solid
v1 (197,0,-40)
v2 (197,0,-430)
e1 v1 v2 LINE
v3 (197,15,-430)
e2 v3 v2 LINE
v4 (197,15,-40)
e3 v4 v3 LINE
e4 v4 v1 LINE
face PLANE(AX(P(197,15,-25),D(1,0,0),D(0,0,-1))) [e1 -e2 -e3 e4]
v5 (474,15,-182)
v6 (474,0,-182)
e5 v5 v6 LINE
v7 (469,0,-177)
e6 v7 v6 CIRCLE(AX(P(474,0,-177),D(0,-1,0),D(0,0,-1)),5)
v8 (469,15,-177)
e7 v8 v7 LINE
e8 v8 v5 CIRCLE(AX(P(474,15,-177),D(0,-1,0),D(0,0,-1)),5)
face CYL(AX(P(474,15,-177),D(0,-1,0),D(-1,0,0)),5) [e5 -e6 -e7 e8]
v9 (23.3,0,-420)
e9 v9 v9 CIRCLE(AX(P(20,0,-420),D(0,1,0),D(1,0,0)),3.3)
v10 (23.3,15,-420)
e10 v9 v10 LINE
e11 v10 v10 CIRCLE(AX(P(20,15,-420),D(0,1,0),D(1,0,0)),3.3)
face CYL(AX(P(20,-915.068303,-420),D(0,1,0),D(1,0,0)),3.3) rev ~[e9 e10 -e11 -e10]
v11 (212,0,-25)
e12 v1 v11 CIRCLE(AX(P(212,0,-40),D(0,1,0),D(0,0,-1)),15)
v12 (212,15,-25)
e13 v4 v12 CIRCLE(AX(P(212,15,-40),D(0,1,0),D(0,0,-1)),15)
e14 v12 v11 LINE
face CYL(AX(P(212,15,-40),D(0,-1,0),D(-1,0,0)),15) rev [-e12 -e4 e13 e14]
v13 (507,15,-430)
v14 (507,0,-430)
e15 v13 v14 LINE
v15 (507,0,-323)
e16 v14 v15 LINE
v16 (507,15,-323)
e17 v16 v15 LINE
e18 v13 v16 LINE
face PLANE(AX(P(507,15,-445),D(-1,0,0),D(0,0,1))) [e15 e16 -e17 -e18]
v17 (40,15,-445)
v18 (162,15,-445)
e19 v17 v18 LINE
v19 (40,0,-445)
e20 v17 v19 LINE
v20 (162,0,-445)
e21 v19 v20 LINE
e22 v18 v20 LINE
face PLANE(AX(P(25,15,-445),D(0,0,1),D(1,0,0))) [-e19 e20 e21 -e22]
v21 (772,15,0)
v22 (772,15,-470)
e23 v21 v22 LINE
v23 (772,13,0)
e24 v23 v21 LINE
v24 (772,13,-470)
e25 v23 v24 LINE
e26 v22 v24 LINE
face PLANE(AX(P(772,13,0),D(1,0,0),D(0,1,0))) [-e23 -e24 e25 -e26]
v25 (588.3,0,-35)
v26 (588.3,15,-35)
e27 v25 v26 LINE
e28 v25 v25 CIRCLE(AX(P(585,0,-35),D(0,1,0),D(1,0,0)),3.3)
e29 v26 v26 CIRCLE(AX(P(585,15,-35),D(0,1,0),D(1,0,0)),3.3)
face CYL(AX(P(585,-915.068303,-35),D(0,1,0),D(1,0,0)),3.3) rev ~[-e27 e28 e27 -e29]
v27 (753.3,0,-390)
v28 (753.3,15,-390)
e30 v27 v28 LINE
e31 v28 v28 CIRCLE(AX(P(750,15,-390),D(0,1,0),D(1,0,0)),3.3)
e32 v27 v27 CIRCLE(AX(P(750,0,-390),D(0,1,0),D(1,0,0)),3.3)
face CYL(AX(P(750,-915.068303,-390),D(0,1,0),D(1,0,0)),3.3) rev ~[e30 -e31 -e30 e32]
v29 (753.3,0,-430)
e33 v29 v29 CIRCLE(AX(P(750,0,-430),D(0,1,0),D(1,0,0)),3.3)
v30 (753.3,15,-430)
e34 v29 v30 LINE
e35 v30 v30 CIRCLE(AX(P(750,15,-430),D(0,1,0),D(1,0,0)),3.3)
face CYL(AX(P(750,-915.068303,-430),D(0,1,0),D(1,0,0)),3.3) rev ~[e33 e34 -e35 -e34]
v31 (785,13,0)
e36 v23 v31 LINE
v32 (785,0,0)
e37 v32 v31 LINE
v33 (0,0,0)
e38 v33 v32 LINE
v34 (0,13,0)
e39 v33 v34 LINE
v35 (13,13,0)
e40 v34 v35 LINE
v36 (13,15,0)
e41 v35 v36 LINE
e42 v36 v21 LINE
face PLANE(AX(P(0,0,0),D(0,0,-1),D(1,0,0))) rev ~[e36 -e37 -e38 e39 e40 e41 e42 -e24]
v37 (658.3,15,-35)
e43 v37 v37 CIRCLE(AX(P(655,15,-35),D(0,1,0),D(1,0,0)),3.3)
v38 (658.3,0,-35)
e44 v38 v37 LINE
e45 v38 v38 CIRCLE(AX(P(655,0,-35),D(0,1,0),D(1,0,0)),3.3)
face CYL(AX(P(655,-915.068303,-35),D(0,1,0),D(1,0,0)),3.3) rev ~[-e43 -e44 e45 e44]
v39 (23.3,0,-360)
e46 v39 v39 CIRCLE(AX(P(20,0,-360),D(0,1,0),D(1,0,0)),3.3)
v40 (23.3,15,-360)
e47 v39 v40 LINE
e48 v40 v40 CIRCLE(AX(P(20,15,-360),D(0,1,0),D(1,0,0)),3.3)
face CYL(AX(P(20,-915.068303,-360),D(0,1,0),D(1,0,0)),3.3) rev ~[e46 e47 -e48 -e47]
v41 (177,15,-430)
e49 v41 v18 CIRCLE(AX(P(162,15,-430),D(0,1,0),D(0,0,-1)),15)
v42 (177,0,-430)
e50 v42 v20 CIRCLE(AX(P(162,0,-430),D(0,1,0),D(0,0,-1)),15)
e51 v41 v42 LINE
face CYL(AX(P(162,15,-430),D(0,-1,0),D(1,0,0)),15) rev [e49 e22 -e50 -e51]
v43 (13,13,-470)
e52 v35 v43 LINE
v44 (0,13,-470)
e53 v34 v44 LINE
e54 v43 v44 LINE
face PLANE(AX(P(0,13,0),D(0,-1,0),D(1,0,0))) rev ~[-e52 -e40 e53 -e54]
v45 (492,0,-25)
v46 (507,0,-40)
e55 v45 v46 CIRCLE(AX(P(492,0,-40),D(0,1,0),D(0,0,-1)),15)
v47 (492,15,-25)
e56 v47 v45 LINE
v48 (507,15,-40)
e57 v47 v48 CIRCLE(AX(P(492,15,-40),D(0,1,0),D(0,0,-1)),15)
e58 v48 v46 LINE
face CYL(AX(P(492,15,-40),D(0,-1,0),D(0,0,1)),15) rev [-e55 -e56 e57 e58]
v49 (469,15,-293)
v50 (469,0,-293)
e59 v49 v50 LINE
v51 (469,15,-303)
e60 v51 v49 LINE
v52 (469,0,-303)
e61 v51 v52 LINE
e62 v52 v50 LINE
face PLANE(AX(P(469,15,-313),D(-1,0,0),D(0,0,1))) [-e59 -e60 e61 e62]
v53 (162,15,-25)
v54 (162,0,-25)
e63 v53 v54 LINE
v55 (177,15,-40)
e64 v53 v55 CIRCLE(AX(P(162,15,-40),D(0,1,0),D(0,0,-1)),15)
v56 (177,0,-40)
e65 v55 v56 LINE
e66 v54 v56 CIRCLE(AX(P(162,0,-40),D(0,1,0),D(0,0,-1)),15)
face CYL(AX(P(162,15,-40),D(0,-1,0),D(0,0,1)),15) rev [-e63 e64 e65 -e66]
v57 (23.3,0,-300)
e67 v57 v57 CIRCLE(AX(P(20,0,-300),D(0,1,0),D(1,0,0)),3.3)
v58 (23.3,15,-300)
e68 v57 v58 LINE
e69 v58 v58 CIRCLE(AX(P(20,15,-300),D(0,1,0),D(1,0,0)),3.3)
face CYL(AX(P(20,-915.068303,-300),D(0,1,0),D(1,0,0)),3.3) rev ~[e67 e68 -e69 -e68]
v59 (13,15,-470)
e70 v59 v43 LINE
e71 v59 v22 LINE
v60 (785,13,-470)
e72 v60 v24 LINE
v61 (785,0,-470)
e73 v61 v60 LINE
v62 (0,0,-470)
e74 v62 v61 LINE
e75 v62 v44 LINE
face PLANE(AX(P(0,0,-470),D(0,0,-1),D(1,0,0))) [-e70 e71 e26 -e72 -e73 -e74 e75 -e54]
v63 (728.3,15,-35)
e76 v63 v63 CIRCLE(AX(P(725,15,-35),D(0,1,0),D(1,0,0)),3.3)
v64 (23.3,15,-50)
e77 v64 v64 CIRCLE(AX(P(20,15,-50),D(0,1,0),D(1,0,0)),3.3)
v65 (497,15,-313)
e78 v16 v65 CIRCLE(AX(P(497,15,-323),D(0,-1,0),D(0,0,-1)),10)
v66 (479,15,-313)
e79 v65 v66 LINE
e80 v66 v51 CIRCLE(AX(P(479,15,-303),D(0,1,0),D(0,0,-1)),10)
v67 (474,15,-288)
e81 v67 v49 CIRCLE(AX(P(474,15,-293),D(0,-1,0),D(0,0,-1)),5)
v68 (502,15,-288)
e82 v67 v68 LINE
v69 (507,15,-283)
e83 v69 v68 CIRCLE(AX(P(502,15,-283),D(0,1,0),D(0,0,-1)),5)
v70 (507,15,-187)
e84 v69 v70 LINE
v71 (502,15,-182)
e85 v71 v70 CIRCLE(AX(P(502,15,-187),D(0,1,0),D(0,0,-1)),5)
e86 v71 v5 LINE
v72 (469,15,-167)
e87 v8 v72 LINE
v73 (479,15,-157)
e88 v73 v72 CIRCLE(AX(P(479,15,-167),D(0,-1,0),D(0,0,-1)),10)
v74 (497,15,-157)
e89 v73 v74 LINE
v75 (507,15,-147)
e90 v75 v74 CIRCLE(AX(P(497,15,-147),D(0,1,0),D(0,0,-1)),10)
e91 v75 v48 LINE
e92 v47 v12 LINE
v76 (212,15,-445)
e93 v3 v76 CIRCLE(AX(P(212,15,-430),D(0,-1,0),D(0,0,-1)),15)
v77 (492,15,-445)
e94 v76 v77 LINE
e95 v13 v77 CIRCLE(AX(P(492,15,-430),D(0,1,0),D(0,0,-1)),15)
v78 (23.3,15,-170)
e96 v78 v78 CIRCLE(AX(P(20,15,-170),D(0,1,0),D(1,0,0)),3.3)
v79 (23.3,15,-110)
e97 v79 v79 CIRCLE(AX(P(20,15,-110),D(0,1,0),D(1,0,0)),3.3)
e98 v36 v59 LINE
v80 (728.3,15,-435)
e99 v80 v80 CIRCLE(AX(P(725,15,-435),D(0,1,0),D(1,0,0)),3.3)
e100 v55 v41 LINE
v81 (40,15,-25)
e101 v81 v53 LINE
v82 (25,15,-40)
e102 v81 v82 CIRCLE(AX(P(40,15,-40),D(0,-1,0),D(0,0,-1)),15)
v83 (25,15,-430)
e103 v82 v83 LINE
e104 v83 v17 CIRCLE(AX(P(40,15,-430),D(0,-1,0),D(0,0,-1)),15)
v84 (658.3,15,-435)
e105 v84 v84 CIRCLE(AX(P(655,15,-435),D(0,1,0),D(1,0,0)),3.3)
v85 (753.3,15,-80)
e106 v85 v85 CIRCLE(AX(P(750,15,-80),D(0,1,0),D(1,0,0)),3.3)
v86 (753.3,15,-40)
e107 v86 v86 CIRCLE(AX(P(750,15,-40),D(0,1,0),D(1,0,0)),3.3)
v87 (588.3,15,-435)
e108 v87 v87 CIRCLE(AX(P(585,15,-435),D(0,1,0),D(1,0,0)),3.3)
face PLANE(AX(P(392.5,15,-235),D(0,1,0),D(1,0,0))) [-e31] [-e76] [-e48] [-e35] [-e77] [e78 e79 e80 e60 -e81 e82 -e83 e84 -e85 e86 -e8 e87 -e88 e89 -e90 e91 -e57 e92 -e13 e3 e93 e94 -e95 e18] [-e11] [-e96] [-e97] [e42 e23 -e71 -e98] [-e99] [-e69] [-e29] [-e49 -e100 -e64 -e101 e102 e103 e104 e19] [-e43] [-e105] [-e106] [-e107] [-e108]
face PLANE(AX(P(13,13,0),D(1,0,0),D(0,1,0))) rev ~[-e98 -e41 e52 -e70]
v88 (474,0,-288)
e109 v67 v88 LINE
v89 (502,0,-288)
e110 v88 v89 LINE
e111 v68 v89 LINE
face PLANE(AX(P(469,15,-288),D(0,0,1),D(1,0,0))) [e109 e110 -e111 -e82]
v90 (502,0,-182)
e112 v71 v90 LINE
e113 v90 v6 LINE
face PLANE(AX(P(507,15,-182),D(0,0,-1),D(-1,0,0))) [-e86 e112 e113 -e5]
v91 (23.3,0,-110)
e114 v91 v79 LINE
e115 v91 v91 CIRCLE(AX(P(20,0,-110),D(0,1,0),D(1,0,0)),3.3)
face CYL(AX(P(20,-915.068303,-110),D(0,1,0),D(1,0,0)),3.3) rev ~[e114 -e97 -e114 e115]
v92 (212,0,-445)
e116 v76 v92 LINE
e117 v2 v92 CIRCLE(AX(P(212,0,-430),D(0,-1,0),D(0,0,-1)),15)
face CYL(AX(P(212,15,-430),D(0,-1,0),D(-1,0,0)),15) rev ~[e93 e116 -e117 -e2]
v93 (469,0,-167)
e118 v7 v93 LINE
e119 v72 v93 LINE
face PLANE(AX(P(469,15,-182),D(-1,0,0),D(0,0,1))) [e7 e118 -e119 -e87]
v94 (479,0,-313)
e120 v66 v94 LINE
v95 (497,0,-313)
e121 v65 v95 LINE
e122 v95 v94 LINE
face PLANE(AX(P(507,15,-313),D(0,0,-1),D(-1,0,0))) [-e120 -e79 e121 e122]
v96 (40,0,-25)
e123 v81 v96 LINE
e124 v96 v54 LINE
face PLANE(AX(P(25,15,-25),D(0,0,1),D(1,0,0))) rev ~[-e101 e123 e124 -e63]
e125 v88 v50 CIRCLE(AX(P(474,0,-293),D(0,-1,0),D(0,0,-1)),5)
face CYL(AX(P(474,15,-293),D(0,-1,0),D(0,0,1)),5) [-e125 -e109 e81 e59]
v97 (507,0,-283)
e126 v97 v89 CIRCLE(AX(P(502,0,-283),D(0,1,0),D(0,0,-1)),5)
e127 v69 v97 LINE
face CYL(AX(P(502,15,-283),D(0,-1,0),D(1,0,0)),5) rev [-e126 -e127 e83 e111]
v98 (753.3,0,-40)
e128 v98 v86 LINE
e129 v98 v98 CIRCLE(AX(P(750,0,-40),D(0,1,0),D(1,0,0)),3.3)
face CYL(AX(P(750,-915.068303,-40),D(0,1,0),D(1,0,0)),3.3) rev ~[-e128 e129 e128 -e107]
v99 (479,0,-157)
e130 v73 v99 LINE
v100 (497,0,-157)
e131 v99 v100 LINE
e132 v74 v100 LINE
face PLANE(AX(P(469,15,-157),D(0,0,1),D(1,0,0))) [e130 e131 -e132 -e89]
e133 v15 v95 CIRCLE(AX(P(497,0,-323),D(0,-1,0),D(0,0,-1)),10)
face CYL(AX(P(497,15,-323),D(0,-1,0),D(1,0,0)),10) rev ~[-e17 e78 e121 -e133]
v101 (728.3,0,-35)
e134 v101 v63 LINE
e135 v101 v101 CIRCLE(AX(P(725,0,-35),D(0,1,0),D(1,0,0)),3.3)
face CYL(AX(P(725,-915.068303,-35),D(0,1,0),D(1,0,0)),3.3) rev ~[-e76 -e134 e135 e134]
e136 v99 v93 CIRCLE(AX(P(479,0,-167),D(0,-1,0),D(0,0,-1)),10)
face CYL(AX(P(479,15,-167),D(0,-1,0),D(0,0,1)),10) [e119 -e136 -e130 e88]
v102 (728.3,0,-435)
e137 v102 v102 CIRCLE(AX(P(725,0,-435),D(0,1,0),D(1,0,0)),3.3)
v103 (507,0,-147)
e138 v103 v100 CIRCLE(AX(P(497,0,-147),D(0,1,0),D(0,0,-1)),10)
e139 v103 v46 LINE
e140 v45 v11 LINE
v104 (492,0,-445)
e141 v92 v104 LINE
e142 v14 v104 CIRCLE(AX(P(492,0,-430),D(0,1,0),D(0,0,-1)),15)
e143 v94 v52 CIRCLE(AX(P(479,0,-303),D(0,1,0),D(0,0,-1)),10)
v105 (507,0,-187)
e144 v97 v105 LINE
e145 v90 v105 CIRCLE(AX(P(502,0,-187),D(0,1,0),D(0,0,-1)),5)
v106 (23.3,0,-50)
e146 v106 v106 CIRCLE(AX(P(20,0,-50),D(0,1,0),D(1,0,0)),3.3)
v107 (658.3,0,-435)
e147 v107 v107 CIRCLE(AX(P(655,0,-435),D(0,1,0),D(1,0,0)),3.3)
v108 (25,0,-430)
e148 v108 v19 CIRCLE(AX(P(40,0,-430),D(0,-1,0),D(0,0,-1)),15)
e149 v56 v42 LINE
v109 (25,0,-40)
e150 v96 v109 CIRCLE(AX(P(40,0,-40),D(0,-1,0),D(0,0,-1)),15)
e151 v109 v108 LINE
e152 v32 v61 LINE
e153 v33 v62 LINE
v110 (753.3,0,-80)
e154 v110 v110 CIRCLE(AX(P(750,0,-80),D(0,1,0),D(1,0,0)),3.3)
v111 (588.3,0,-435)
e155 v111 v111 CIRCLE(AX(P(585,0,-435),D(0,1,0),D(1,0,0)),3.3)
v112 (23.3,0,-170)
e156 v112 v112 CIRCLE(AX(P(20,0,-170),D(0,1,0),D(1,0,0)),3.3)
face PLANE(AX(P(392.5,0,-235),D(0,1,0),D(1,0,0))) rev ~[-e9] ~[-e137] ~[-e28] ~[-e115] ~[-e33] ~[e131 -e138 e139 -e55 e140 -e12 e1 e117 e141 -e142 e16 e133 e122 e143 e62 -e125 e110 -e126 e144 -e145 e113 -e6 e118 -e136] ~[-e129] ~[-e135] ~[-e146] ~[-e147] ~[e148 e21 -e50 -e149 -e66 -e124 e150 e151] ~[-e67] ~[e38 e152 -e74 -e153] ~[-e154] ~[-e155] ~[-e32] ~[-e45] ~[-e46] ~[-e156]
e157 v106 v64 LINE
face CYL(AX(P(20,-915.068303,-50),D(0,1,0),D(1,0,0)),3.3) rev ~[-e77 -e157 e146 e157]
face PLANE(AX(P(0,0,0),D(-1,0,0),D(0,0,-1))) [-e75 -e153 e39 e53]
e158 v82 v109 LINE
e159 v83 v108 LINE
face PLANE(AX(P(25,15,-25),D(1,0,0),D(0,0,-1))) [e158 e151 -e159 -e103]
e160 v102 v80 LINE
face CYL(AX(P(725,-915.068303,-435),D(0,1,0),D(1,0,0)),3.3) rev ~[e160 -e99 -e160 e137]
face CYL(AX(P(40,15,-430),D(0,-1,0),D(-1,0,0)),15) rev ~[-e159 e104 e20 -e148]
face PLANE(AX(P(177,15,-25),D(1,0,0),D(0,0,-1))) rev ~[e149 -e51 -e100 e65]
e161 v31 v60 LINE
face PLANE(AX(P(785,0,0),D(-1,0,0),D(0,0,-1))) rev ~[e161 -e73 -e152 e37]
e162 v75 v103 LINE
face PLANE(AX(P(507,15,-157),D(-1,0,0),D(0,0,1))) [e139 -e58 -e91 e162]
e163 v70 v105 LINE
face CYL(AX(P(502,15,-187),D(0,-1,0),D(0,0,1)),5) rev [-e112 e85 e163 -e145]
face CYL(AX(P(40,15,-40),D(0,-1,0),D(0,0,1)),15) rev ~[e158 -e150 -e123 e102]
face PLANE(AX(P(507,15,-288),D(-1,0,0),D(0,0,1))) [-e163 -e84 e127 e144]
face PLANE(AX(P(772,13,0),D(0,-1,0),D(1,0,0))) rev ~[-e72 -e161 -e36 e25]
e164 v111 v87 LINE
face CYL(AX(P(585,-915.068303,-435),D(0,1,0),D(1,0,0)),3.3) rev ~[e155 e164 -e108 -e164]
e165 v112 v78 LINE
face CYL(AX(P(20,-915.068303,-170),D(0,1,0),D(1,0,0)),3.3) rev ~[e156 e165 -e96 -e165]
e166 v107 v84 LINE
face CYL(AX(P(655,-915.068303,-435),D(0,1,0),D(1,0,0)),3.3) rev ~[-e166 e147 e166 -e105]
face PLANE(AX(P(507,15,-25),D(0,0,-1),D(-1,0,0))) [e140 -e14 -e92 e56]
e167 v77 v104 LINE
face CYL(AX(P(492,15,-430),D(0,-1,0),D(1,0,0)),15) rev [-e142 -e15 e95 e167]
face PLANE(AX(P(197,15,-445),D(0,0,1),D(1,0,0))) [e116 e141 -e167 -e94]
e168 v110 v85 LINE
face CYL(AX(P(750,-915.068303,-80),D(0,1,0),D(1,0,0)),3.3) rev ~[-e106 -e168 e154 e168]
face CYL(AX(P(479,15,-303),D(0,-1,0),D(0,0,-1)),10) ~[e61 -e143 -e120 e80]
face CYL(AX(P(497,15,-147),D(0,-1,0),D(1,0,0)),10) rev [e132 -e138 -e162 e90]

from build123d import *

# Parameters (mm, degrees)
SKETCH1_W                  = 785
SKETCH1_H                  = 470
BOSS_EXTRUDE1_DEPTH        = 15
SKETCH2_W                  = 152
SKETCH2_H                  = 420
CUT_EXTRUDE1_DEPTH         = 16
CUT_EXTRUDE2_DEPTH         = 16
FILLET1_R                  = 15
FILLET2_R                  = 10
FILLET3_R                  = 5
SKETCH5_W                  = 13
SKETCH5_H                  = 2
CUT_EXTRUDE3_DEPTH         = 471
SKETCH6_W                  = 13
SKETCH6_H                  = 2
CUT_EXTRUDE4_DEPTH         = 471
F_6_6_6_6_DIAMETER_SLOT1_D = 6.6


with BuildPart() as part:
    # Sketch1 → Boss-Extrude1 (new body)
    with BuildSketch(Plane(origin=(0, 0, 0), x_dir=(1, 0, 0), z_dir=(0, 1, 0))):
        with Locations((392.5, 235)):
            Rectangle(SKETCH1_W, SKETCH1_H)
    extrude(amount=BOSS_EXTRUDE1_DEPTH)

    # Sketch2 → Cut-Extrude1 (cut, through all)
    with BuildSketch(Plane(origin=(0, 15, 0), x_dir=(1, 0, 0), z_dir=(0, 1, 0))):
        with Locations((101, 235)):
            Rectangle(SKETCH2_W, SKETCH2_H)
    extrude(amount=-CUT_EXTRUDE1_DEPTH, mode=Mode.SUBTRACT)

    # Sketch3 → Cut-Extrude2 (cut, through all)
    with BuildSketch(Plane(origin=(0, 15, 0), x_dir=(1, 0, 0), z_dir=(0, 1, 0))):
        Polygon((197, 445), (507, 445), (507, 313), (469, 313), (469, 288), (507, 288), (507, 182), (469, 182), (469, 157), (507, 157), (507, 25), (197, 25), align=None)
    extrude(amount=-CUT_EXTRUDE2_DEPTH, mode=Mode.SUBTRACT)

    # Fillet1
    fillet1_edges = [part.edges().sort_by_distance(p)[0] for p in [
        (25, 7.5, -25),
        (25, 7.5, -445),
        (177, 7.5, -445),
        (177, 7.5, -25),
        (197, 7.5, -25),
        (197, 7.5, -445),
        (507, 7.5, -445),
        (507, 7.5, -25),
    ]]
    fillet(fillet1_edges, radius=FILLET1_R)

    # Fillet2
    fillet2_edges = [part.edges().sort_by_distance(p)[0] for p in [
        (507, 7.5, -313),
        (469, 7.5, -313),
        (469, 7.5, -157),
        (507, 7.5, -157),
    ]]
    fillet(fillet2_edges, radius=FILLET2_R)

    # Fillet3
    fillet3_edges = [part.edges().sort_by_distance(p)[0] for p in [
        (469, 7.5, -288),
        (507, 7.5, -288),
        (507, 7.5, -182),
        (469, 7.5, -182),
    ]]
    fillet(fillet3_edges, radius=FILLET3_R)

    # Sketch5 → Cut-Extrude3 (cut, through all)
    with BuildSketch(Plane.XY):
        with Locations((6.5, 14)):
            Rectangle(SKETCH5_W, SKETCH5_H)
    extrude(amount=-CUT_EXTRUDE3_DEPTH, mode=Mode.SUBTRACT)

    # Sketch6 → Cut-Extrude4 (cut, through all)
    with BuildSketch(Plane.XY):
        with Locations((778.5, 14)):
            Rectangle(SKETCH6_W, SKETCH6_H)
    extrude(amount=-CUT_EXTRUDE4_DEPTH, mode=Mode.SUBTRACT)

    # Ø6.6 (6.6) Diameter Slot1 (through all)
    with Locations(Plane(origin=(0, 0, 0), x_dir=(-1, 0, 0), z_dir=(0, -1, 0))):
        with Locations((-20, 50), (-20, 110), (-20, 170), (-20, 300), (-20, 360), (-20, 420), (-585, 435), (-655, 435), (-725, 435), (-750, 430), (-750, 390), (-750, 80), (-750, 40), (-725, 35), (-655, 35), (-585, 35)):
            Hole(F_6_6_6_6_DIAMETER_SLOT1_D / 2)


solid = part.part
